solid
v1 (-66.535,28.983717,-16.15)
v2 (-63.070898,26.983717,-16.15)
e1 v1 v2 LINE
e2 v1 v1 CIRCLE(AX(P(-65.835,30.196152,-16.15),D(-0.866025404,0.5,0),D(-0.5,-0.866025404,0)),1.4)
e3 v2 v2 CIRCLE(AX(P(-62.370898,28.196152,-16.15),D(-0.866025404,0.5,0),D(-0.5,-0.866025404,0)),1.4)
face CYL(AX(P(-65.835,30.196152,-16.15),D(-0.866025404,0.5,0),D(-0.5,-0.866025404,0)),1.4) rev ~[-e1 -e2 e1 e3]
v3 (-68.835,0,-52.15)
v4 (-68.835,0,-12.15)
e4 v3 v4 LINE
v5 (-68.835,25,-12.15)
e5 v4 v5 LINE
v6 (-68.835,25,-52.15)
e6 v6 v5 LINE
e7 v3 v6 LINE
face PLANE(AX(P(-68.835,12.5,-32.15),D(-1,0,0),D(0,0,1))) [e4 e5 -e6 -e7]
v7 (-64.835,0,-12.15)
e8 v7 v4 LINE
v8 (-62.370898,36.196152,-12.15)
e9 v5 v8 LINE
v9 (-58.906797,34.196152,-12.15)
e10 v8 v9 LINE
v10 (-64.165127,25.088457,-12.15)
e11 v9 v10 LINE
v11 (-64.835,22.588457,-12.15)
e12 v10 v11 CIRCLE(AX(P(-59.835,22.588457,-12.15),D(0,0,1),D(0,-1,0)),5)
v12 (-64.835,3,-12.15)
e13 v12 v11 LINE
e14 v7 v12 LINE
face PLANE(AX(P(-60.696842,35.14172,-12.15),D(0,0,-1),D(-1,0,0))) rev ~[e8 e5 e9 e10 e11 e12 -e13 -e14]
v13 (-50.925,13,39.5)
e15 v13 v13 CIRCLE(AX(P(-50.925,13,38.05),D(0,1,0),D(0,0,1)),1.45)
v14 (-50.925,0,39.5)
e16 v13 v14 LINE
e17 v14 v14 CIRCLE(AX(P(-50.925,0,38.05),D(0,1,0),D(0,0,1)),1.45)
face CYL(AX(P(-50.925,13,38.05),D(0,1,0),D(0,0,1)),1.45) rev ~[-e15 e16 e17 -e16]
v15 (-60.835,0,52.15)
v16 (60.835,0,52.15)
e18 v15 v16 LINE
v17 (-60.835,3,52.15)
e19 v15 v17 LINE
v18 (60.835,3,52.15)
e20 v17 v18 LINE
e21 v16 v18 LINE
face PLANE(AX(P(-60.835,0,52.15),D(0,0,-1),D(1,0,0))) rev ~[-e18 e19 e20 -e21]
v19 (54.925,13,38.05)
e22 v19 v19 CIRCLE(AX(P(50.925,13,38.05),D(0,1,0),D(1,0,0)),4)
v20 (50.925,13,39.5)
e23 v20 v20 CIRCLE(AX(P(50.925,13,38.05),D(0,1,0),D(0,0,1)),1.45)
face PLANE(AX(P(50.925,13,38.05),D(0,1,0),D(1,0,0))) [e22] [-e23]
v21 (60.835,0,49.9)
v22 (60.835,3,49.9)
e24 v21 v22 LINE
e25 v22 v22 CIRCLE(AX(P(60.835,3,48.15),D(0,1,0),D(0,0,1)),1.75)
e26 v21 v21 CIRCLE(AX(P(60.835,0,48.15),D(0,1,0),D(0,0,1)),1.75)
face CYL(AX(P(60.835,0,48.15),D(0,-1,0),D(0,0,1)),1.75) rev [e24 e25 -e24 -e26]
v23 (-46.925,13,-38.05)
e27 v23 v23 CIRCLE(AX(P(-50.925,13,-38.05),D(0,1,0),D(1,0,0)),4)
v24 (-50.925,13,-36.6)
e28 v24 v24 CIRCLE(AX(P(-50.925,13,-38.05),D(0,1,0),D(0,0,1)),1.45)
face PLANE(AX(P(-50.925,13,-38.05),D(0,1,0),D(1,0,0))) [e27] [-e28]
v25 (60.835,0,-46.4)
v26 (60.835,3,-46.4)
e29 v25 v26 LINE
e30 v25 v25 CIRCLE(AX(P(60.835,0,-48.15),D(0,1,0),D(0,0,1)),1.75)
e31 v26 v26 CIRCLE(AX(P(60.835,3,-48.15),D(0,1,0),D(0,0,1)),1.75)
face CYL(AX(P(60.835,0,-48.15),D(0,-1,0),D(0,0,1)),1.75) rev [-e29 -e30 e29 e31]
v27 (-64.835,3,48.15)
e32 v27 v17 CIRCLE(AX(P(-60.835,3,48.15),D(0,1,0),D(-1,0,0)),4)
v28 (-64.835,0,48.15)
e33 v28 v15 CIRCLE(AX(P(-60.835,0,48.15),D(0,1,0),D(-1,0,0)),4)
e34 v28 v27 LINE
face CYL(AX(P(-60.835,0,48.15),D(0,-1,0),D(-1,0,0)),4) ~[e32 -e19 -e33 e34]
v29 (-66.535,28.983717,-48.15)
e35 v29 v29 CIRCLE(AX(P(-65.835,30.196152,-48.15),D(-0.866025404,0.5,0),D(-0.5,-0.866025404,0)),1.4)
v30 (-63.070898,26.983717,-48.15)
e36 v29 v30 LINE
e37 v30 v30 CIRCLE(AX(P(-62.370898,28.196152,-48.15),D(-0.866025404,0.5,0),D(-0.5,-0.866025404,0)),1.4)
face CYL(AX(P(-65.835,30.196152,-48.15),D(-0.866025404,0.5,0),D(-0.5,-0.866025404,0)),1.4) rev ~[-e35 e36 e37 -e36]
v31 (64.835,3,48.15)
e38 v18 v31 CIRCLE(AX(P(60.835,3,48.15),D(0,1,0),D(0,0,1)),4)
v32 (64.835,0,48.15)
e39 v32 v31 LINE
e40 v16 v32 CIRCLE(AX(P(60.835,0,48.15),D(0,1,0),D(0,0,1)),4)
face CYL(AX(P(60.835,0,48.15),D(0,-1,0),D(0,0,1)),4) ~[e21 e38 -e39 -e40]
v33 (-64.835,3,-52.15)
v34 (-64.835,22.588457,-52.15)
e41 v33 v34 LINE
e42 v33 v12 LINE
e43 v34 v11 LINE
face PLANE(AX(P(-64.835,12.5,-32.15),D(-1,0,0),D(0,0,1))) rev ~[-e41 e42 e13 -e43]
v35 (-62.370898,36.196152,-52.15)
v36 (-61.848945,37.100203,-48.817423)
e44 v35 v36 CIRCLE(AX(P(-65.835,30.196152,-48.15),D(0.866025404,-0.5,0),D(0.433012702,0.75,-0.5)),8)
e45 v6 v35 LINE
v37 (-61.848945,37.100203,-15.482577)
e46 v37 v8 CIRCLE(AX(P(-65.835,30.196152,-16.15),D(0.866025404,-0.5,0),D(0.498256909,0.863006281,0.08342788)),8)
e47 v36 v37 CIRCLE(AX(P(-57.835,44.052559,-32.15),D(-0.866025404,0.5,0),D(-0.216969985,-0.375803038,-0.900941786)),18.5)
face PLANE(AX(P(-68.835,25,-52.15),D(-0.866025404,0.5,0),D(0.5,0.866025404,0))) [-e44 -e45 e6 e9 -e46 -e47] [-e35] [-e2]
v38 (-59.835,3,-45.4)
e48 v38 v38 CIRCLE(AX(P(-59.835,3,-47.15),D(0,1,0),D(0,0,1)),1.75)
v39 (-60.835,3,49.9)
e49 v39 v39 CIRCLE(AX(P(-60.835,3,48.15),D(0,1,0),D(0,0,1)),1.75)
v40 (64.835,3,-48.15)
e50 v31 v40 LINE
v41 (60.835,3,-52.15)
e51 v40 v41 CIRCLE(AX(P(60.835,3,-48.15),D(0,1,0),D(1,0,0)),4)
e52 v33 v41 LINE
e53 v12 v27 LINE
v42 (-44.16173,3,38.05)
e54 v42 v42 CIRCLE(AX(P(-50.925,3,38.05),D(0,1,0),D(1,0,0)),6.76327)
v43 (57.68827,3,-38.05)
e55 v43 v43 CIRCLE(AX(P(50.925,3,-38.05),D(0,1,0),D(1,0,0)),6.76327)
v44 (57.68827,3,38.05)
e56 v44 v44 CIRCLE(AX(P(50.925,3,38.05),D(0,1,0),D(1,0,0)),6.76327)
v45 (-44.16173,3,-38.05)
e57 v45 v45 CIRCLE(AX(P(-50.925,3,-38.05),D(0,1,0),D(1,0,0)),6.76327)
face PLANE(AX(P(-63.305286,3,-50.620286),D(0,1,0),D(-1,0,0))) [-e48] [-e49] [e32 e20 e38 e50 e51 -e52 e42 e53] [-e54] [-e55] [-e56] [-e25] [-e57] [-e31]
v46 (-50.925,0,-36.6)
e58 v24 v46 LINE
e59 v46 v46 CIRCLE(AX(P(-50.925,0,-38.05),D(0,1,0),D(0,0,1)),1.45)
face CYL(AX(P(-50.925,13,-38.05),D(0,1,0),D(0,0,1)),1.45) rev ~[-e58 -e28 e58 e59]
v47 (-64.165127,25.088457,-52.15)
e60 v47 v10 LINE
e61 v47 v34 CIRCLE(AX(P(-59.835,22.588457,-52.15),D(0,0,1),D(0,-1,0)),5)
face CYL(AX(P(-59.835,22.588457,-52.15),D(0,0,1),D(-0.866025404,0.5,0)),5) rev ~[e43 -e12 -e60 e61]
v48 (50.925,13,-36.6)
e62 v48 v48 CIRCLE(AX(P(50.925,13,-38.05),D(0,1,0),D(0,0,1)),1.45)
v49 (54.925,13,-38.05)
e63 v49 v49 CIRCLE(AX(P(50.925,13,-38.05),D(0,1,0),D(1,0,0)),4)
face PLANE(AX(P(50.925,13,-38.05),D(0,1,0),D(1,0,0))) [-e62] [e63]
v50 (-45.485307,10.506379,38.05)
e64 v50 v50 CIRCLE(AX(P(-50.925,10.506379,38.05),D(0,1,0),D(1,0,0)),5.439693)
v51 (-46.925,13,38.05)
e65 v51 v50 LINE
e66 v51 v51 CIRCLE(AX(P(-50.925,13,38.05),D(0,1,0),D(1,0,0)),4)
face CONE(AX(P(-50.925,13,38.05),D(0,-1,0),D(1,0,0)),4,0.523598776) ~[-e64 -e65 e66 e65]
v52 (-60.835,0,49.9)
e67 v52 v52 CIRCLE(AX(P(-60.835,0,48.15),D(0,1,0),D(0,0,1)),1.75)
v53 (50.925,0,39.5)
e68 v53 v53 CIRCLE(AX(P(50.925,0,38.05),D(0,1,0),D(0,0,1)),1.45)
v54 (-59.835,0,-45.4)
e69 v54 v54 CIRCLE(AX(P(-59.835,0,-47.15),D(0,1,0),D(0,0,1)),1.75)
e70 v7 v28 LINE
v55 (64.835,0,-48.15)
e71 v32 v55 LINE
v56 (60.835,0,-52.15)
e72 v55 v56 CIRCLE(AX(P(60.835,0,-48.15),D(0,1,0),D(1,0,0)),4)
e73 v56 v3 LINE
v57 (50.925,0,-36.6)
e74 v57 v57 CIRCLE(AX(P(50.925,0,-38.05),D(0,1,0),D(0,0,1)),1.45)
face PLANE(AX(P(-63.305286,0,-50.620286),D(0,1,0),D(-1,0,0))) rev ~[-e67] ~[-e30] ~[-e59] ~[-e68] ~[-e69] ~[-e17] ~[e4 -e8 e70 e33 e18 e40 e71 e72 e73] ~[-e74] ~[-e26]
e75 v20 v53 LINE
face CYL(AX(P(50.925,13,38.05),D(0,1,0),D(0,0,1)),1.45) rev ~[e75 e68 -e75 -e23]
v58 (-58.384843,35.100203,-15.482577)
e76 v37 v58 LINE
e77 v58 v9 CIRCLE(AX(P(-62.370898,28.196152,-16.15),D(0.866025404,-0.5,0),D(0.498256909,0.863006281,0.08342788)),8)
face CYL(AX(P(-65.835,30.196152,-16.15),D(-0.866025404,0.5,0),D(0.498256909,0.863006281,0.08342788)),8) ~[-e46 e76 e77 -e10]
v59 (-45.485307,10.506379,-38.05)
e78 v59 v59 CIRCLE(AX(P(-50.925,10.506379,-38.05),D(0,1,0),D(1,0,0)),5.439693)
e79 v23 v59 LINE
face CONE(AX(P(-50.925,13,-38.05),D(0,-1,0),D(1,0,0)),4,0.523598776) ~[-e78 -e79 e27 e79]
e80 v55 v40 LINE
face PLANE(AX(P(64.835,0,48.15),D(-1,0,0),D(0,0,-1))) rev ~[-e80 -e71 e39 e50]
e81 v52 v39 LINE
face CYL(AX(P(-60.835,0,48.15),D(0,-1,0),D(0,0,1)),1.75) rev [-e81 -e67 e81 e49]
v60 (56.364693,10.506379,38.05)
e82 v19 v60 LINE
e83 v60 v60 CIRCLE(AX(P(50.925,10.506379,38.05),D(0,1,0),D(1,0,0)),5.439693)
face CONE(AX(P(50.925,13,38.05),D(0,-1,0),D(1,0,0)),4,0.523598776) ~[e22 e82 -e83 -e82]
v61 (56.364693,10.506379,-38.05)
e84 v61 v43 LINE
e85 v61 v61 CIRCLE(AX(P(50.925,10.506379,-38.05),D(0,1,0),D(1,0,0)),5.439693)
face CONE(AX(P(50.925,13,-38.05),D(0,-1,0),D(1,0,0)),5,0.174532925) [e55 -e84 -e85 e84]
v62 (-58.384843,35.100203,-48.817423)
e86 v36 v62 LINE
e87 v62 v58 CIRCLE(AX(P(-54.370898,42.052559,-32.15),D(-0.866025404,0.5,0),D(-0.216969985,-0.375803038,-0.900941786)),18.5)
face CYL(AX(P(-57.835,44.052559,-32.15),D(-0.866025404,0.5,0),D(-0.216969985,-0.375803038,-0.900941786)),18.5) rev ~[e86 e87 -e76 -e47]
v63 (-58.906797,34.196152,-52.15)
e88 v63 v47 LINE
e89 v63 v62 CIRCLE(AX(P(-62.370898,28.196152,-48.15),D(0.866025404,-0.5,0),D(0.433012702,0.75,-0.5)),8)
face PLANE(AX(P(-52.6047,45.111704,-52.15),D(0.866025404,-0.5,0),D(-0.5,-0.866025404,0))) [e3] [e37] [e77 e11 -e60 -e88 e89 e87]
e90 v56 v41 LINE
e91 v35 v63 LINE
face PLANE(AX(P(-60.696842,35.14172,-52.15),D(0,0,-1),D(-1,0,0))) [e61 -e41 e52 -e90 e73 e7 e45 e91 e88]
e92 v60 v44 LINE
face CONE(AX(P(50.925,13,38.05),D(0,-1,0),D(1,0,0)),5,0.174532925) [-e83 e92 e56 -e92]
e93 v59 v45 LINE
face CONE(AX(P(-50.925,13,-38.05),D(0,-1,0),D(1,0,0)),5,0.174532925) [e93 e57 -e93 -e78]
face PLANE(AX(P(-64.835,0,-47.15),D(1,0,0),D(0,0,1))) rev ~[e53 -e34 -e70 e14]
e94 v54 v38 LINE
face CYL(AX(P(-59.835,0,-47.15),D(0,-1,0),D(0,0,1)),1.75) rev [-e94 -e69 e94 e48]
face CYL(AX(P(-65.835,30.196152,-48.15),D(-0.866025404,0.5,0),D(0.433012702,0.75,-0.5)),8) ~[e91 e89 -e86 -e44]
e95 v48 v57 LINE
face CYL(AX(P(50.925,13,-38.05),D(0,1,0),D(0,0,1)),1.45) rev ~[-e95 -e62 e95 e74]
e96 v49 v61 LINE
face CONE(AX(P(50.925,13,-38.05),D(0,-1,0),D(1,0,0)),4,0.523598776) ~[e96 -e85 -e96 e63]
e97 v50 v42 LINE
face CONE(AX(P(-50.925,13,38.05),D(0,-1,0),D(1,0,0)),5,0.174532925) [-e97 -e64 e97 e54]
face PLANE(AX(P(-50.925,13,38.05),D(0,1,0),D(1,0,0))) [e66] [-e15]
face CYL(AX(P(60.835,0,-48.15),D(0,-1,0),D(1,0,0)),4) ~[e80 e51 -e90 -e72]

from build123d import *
from OCP.BRepFilletAPI import BRepFilletAPI_MakeChamfer

# Parameters (mm, degrees)
SKETCH2_R                     = 1.75
BOSS_EXTRUDE1_DEPTH           = 3
BOSS_EXTRUDE2_START           = 10
SKETCH3_R                     = 5
BOSS_EXTRUDE2_DEPTH           = 13
BOSS_EXTRUDE2_DRAFT           = 10
BOSS_EXTRUDE2_PROFILE_2_DEPTH = 13
BOSS_EXTRUDE2_PROFILE_2_DRAFT = 10
BOSS_EXTRUDE2_PROFILE_3_DEPTH = 13
BOSS_EXTRUDE2_PROFILE_3_DRAFT = 10
BOSS_EXTRUDE2_PROFILE_4_DEPTH = 13
BOSS_EXTRUDE2_PROFILE_4_DRAFT = 10
SKETCH4_R                     = 1.45
CUT_EXTRUDE1_DEPTH            = 85.215198895
CHAMFER1_SIZE                 = 1
CHAMFER1_SIZE2                = 2.532088886
SKETCH5_W                     = 40
SKETCH5_H                     = 25
BOSS_EXTRUDE3_DEPTH           = 4
BOSS_EXTRUDE4_DEPTH           = 3
BOSS_EXTRUDE5_DEPTH           = 40
SKETCH8_R                     = 1.4
CUT_EXTRUDE3_DEPTH            = 4
FILLET1_R                     = 5


with BuildPart() as part:
    # Sketch2 → Boss-Extrude1 (new body)
    with BuildSketch(Plane(origin=(0, 0, 0), x_dir=(1, 0, 0), z_dir=(0, 1, 0))):
        with BuildLine():
            Line((-64.835, 47.15), (-64.835, -48.15))
            ThreePointArc((-64.835, -48.15), (-63.663427125, -50.978427125), (-60.835, -52.15))
            Line((-60.835, -52.15), (60.835, -52.15))
            ThreePointArc((60.835, -52.15), (63.663427125, -50.978427125), (64.835, -48.15))
            Line((64.835, -48.15), (64.835, 48.15))
            ThreePointArc((64.835, 48.15), (63.663427125, 50.978427125), (60.835, 52.15))
            Line((60.835, 52.15), (-59.835, 52.15))
            ThreePointArc((-59.835, 52.15), (-63.370533906, 50.685533906), (-64.835, 47.15))
        make_face()
        with Locations(Location((-59.835, 47.15, 0), (0, 0, 270))):
            Circle(SKETCH2_R, mode=Mode.SUBTRACT)
        with Locations(Location((60.835, 48.15, 0), (0, 0, 270))):
            Circle(SKETCH2_R, mode=Mode.SUBTRACT)
        with Locations(Location((60.835, -48.15, 0), (0, 0, 270))):
            Circle(SKETCH2_R, mode=Mode.SUBTRACT)
        with Locations(Location((-60.835, -48.15, 0), (0, 0, 270))):
            Circle(SKETCH2_R, mode=Mode.SUBTRACT)
    extrude(amount=BOSS_EXTRUDE1_DEPTH)


with BuildPart() as boss_extrude2_tool:
    # Sketch3 → Boss-Extrude2 (with draft: the straight prism first)
    with BuildSketch(Plane(origin=(0, 3, 0), x_dir=(1, 0, 0), z_dir=(0, 1, 0)).offset(BOSS_EXTRUDE2_START)):
        with Locations((-50.925, 38.05)):
            Circle(SKETCH3_R)
    extrude(amount=-BOSS_EXTRUDE2_DEPTH)
    # Boss-Extrude2: the draft: its side faces are tilted about the plane it starts from
    boss_extrude2_sides = [boss_extrude2_tool.faces().sort_by_distance(p)[0] for p in [
        (-55.925, 6.5, -38.05),
    ]]
    draft(boss_extrude2_sides, Plane(origin=(0, 3, 0), x_dir=(1, 0, 0), z_dir=(0, 1, 0)).offset(BOSS_EXTRUDE2_START), BOSS_EXTRUDE2_DRAFT)


with BuildPart() as part_1:
    add(part.part)

    # Boss-Extrude2: add boss_extrude2_tool
    add(boss_extrude2_tool.part)


with BuildPart() as boss_extrude2_profile_2_tool:
    # Sketch3 → Boss-Extrude2 profile 2 (with draft: the straight prism first)
    with BuildSketch(Plane(origin=(0, 3, 0), x_dir=(1, 0, 0), z_dir=(0, 1, 0)).offset(BOSS_EXTRUDE2_START)):
        with Locations((50.925, 38.05)):
            Circle(SKETCH3_R)
    extrude(amount=-BOSS_EXTRUDE2_PROFILE_2_DEPTH)
    # Boss-Extrude2 profile 2: the draft: its side faces are tilted about the plane it starts from
    boss_extrude2_profile_2_sides = [boss_extrude2_profile_2_tool.faces().sort_by_distance(p)[0] for p in [
        (45.925, 6.5, -38.05),
    ]]
    draft(boss_extrude2_profile_2_sides, Plane(origin=(0, 3, 0), x_dir=(1, 0, 0), z_dir=(0, 1, 0)).offset(BOSS_EXTRUDE2_START), BOSS_EXTRUDE2_PROFILE_2_DRAFT)


with BuildPart() as part_2:
    add(part_1.part)

    # Boss-Extrude2 profile 2: add boss_extrude2_profile_2_tool
    add(boss_extrude2_profile_2_tool.part)


with BuildPart() as boss_extrude2_profile_3_tool:
    # Sketch3 → Boss-Extrude2 profile 3 (with draft: the straight prism first)
    with BuildSketch(Plane(origin=(0, 3, 0), x_dir=(1, 0, 0), z_dir=(0, 1, 0)).offset(BOSS_EXTRUDE2_START)):
        with Locations((-50.925, -38.05)):
            Circle(SKETCH3_R)
    extrude(amount=-BOSS_EXTRUDE2_PROFILE_3_DEPTH)
    # Boss-Extrude2 profile 3: the draft: its side faces are tilted about the plane it starts from
    boss_extrude2_profile_3_sides = [boss_extrude2_profile_3_tool.faces().sort_by_distance(p)[0] for p in [
        (-55.925, 6.5, 38.05),
    ]]
    draft(boss_extrude2_profile_3_sides, Plane(origin=(0, 3, 0), x_dir=(1, 0, 0), z_dir=(0, 1, 0)).offset(BOSS_EXTRUDE2_START), BOSS_EXTRUDE2_PROFILE_3_DRAFT)


with BuildPart() as part_3:
    add(part_2.part)

    # Boss-Extrude2 profile 3: add boss_extrude2_profile_3_tool
    add(boss_extrude2_profile_3_tool.part)


with BuildPart() as boss_extrude2_profile_4_tool:
    # Sketch3 → Boss-Extrude2 profile 4 (with draft: the straight prism first)
    with BuildSketch(Plane(origin=(0, 3, 0), x_dir=(1, 0, 0), z_dir=(0, 1, 0)).offset(BOSS_EXTRUDE2_START)):
        with Locations((50.925, -38.05)):
            Circle(SKETCH3_R)
    extrude(amount=-BOSS_EXTRUDE2_PROFILE_4_DEPTH)
    # Boss-Extrude2 profile 4: the draft: its side faces are tilted about the plane it starts from
    boss_extrude2_profile_4_sides = [boss_extrude2_profile_4_tool.faces().sort_by_distance(p)[0] for p in [
        (45.925, 6.5, 38.05),
    ]]
    draft(boss_extrude2_profile_4_sides, Plane(origin=(0, 3, 0), x_dir=(1, 0, 0), z_dir=(0, 1, 0)).offset(BOSS_EXTRUDE2_START), BOSS_EXTRUDE2_PROFILE_4_DRAFT)


with BuildPart() as part_4:
    add(part_3.part)

    # Boss-Extrude2 profile 4: add boss_extrude2_profile_4_tool
    add(boss_extrude2_profile_4_tool.part)

    # Sketch4 → Cut-Extrude1 (cut, through all)
    with BuildSketch(Plane(origin=(0, 13, 0), x_dir=(1, 0, 0), z_dir=(0, 1, 0))):
        with Locations(Location((-50.925, 38.05, 0), (0, 0, 270))):
            Circle(SKETCH4_R)
        with Locations(Location((50.925, 38.05, 0), (0, 0, 270))):
            Circle(SKETCH4_R)
        with Locations(Location((50.925, -38.05, 0), (0, 0, 270))):
            Circle(SKETCH4_R)
        with Locations(Location((-50.925, -38.05, 0), (0, 0, 270))):
            Circle(SKETCH4_R)
    extrude(amount=-CUT_EXTRUDE1_DEPTH, mode=Mode.SUBTRACT)

    # Chamfer1: one chamfer whose edges measure the first distance from different faces: ONE call of the kernel's chamfer builder (chamfer() names one face for all edges)
    chamfer1_edges_1 = [part_4.edges().sort_by_distance(p)[0] for p in [
        (-55.925, 13, -38.05),
    ]]
    chamfer1_side_1 = [part_4.faces().sort_by_distance(p)[0] for p in [
        (-55.783578644, 13, -38.05),
    ]]
    chamfer1_edges_2 = [part_4.edges().sort_by_distance(p)[0] for p in [
        (45.925, 13, -38.05),
    ]]
    chamfer1_side_2 = [part_4.faces().sort_by_distance(p)[0] for p in [
        (46.066421356, 13, -38.05),
    ]]
    chamfer1_edges_3 = [part_4.edges().sort_by_distance(p)[0] for p in [
        (-55.925, 13, 38.05),
    ]]
    chamfer1_side_3 = [part_4.faces().sort_by_distance(p)[0] for p in [
        (-55.783578644, 13, 38.05),
    ]]
    chamfer1_edges_4 = [part_4.edges().sort_by_distance(p)[0] for p in [
        (45.925, 13, 38.05),
    ]]
    chamfer1_side_4 = [part_4.faces().sort_by_distance(p)[0] for p in [
        (46.066421356, 13, 38.05),
    ]]
    chamfer1 = BRepFilletAPI_MakeChamfer(part_4.part.solid().wrapped)
    for e in chamfer1_edges_1:
        chamfer1.Add(CHAMFER1_SIZE, CHAMFER1_SIZE2, e.wrapped, chamfer1_side_1[0].wrapped)  # the first distance lies on this face
    for e in chamfer1_edges_2:
        chamfer1.Add(CHAMFER1_SIZE, CHAMFER1_SIZE2, e.wrapped, chamfer1_side_2[0].wrapped)  # the first distance lies on this face
    for e in chamfer1_edges_3:
        chamfer1.Add(CHAMFER1_SIZE, CHAMFER1_SIZE2, e.wrapped, chamfer1_side_3[0].wrapped)  # the first distance lies on this face
    for e in chamfer1_edges_4:
        chamfer1.Add(CHAMFER1_SIZE, CHAMFER1_SIZE2, e.wrapped, chamfer1_side_4[0].wrapped)  # the first distance lies on this face
    add(Compound.cast(chamfer1.Shape()), mode=Mode.REPLACE)

    # Sketch5 → Boss-Extrude3 (add)
    with BuildSketch(Plane.ZY.offset(64.835)):
        with Locations((-32.15, 12.5)):
            Rectangle(SKETCH5_W, SKETCH5_H)
    extrude(amount=BOSS_EXTRUDE3_DEPTH)

    # Sketch6 → Boss-Extrude4 (add)
    with BuildSketch(Plane.XZ):
        with BuildLine():
            Line((-59.835, -52.15), (-64.835, -52.15))
            Line((-64.835, -52.15), (-64.835, -47.15))
            ThreePointArc((-64.835, -47.15), (-63.370533906, -50.685533906), (-59.835, -52.15))
        make_face()
    extrude(amount=-BOSS_EXTRUDE4_DEPTH)

    # Sketch7 → Boss-Extrude5 (add)
    with BuildSketch(Plane(origin=(0, 0, -52.15), x_dir=(-1, 0, 0), z_dir=(0, 0, -1))):
        Polygon((52.604700032, 45.111704166), (64.835, 23.92820323), (64.835, 25), (68.835, 25), (56.068801648, 47.111704166), align=None)
    extrude(amount=-BOSS_EXTRUDE5_DEPTH)

    # Sketch8 → Cut-Extrude3 (cut)
    with BuildSketch(Plane(origin=(-62.451567547, 36.056429335, 0), x_dir=(0, 0, 1), z_dir=(-0.866025403784438, 0.5000000000000011, 0))):
        with BuildLine():
            Line((-50.309630324, 12.765531799), (-52.15, 12.765531799))
            Line((-52.15, 12.765531799), (-52.15, 0.161338325))
            ThreePointArc((-52.15, 0.161338325), (-50.541368872, 0.867357709), (-48.817423041, 1.205245636))
            ThreePointArc((-48.817423041, 1.205245636), (-50.497778219, 6.864795081), (-50.309630324, 12.765531799))
        make_face()
        with BuildLine():
            Line((-13.990369676, 12.765531799), (-50.309630324, 12.765531799))
            ThreePointArc((-50.309630324, 12.765531799), (-50.497778219, 6.864795081), (-48.817423041, 1.205245636))
            ThreePointArc((-48.817423041, 1.205245636), (-32.15, -9.266864905), (-15.482576959, 1.205245636))
            ThreePointArc((-15.482576959, 1.205245636), (-14.1139621, 5.11593497), (-13.65, 9.233135095))
            ThreePointArc((-13.65, 9.233135095), (-13.735289019, 11.007513718), (-13.990369676, 12.765531799))
        make_face()
        with BuildLine():
            ThreePointArc((-13.990369676, 12.765531799), (-32.15, 27.733135095), (-50.309630324, 12.765531799))
            Line((-50.309630324, 12.765531799), (-13.990369676, 12.765531799))
        make_face()
        with BuildLine():
            Line((-12.15, 12.765531799), (-13.990369676, 12.765531799))
            ThreePointArc((-13.990369676, 12.765531799), (-13.735289019, 11.007513718), (-13.65, 9.233135095))
            ThreePointArc((-13.65, 9.233135095), (-14.1139621, 5.11593497), (-15.482576959, 1.205245636))
            ThreePointArc((-15.482576959, 1.205245636), (-13.758631128, 0.867357709), (-12.15, 0.161338325))
            Line((-12.15, 0.161338325), (-12.15, 12.765531799))
        make_face()
        with Locations(Location((-16.15, -6.766864905, 0), (0, 0, 270))):
            Circle(SKETCH8_R)
        with Locations(Location((-48.15, -6.766864905, 0), (0, 0, 270))):
            Circle(SKETCH8_R)
    extrude(amount=-CUT_EXTRUDE3_DEPTH, mode=Mode.SUBTRACT)

    # Fillet1
    fillet1_edges = [part_4.edges().sort_by_distance(p)[0] for p in [
        (-64.835, 23.92820323, -32.15),
    ]]
    fillet(fillet1_edges, radius=FILLET1_R)


solid = part_4.part
